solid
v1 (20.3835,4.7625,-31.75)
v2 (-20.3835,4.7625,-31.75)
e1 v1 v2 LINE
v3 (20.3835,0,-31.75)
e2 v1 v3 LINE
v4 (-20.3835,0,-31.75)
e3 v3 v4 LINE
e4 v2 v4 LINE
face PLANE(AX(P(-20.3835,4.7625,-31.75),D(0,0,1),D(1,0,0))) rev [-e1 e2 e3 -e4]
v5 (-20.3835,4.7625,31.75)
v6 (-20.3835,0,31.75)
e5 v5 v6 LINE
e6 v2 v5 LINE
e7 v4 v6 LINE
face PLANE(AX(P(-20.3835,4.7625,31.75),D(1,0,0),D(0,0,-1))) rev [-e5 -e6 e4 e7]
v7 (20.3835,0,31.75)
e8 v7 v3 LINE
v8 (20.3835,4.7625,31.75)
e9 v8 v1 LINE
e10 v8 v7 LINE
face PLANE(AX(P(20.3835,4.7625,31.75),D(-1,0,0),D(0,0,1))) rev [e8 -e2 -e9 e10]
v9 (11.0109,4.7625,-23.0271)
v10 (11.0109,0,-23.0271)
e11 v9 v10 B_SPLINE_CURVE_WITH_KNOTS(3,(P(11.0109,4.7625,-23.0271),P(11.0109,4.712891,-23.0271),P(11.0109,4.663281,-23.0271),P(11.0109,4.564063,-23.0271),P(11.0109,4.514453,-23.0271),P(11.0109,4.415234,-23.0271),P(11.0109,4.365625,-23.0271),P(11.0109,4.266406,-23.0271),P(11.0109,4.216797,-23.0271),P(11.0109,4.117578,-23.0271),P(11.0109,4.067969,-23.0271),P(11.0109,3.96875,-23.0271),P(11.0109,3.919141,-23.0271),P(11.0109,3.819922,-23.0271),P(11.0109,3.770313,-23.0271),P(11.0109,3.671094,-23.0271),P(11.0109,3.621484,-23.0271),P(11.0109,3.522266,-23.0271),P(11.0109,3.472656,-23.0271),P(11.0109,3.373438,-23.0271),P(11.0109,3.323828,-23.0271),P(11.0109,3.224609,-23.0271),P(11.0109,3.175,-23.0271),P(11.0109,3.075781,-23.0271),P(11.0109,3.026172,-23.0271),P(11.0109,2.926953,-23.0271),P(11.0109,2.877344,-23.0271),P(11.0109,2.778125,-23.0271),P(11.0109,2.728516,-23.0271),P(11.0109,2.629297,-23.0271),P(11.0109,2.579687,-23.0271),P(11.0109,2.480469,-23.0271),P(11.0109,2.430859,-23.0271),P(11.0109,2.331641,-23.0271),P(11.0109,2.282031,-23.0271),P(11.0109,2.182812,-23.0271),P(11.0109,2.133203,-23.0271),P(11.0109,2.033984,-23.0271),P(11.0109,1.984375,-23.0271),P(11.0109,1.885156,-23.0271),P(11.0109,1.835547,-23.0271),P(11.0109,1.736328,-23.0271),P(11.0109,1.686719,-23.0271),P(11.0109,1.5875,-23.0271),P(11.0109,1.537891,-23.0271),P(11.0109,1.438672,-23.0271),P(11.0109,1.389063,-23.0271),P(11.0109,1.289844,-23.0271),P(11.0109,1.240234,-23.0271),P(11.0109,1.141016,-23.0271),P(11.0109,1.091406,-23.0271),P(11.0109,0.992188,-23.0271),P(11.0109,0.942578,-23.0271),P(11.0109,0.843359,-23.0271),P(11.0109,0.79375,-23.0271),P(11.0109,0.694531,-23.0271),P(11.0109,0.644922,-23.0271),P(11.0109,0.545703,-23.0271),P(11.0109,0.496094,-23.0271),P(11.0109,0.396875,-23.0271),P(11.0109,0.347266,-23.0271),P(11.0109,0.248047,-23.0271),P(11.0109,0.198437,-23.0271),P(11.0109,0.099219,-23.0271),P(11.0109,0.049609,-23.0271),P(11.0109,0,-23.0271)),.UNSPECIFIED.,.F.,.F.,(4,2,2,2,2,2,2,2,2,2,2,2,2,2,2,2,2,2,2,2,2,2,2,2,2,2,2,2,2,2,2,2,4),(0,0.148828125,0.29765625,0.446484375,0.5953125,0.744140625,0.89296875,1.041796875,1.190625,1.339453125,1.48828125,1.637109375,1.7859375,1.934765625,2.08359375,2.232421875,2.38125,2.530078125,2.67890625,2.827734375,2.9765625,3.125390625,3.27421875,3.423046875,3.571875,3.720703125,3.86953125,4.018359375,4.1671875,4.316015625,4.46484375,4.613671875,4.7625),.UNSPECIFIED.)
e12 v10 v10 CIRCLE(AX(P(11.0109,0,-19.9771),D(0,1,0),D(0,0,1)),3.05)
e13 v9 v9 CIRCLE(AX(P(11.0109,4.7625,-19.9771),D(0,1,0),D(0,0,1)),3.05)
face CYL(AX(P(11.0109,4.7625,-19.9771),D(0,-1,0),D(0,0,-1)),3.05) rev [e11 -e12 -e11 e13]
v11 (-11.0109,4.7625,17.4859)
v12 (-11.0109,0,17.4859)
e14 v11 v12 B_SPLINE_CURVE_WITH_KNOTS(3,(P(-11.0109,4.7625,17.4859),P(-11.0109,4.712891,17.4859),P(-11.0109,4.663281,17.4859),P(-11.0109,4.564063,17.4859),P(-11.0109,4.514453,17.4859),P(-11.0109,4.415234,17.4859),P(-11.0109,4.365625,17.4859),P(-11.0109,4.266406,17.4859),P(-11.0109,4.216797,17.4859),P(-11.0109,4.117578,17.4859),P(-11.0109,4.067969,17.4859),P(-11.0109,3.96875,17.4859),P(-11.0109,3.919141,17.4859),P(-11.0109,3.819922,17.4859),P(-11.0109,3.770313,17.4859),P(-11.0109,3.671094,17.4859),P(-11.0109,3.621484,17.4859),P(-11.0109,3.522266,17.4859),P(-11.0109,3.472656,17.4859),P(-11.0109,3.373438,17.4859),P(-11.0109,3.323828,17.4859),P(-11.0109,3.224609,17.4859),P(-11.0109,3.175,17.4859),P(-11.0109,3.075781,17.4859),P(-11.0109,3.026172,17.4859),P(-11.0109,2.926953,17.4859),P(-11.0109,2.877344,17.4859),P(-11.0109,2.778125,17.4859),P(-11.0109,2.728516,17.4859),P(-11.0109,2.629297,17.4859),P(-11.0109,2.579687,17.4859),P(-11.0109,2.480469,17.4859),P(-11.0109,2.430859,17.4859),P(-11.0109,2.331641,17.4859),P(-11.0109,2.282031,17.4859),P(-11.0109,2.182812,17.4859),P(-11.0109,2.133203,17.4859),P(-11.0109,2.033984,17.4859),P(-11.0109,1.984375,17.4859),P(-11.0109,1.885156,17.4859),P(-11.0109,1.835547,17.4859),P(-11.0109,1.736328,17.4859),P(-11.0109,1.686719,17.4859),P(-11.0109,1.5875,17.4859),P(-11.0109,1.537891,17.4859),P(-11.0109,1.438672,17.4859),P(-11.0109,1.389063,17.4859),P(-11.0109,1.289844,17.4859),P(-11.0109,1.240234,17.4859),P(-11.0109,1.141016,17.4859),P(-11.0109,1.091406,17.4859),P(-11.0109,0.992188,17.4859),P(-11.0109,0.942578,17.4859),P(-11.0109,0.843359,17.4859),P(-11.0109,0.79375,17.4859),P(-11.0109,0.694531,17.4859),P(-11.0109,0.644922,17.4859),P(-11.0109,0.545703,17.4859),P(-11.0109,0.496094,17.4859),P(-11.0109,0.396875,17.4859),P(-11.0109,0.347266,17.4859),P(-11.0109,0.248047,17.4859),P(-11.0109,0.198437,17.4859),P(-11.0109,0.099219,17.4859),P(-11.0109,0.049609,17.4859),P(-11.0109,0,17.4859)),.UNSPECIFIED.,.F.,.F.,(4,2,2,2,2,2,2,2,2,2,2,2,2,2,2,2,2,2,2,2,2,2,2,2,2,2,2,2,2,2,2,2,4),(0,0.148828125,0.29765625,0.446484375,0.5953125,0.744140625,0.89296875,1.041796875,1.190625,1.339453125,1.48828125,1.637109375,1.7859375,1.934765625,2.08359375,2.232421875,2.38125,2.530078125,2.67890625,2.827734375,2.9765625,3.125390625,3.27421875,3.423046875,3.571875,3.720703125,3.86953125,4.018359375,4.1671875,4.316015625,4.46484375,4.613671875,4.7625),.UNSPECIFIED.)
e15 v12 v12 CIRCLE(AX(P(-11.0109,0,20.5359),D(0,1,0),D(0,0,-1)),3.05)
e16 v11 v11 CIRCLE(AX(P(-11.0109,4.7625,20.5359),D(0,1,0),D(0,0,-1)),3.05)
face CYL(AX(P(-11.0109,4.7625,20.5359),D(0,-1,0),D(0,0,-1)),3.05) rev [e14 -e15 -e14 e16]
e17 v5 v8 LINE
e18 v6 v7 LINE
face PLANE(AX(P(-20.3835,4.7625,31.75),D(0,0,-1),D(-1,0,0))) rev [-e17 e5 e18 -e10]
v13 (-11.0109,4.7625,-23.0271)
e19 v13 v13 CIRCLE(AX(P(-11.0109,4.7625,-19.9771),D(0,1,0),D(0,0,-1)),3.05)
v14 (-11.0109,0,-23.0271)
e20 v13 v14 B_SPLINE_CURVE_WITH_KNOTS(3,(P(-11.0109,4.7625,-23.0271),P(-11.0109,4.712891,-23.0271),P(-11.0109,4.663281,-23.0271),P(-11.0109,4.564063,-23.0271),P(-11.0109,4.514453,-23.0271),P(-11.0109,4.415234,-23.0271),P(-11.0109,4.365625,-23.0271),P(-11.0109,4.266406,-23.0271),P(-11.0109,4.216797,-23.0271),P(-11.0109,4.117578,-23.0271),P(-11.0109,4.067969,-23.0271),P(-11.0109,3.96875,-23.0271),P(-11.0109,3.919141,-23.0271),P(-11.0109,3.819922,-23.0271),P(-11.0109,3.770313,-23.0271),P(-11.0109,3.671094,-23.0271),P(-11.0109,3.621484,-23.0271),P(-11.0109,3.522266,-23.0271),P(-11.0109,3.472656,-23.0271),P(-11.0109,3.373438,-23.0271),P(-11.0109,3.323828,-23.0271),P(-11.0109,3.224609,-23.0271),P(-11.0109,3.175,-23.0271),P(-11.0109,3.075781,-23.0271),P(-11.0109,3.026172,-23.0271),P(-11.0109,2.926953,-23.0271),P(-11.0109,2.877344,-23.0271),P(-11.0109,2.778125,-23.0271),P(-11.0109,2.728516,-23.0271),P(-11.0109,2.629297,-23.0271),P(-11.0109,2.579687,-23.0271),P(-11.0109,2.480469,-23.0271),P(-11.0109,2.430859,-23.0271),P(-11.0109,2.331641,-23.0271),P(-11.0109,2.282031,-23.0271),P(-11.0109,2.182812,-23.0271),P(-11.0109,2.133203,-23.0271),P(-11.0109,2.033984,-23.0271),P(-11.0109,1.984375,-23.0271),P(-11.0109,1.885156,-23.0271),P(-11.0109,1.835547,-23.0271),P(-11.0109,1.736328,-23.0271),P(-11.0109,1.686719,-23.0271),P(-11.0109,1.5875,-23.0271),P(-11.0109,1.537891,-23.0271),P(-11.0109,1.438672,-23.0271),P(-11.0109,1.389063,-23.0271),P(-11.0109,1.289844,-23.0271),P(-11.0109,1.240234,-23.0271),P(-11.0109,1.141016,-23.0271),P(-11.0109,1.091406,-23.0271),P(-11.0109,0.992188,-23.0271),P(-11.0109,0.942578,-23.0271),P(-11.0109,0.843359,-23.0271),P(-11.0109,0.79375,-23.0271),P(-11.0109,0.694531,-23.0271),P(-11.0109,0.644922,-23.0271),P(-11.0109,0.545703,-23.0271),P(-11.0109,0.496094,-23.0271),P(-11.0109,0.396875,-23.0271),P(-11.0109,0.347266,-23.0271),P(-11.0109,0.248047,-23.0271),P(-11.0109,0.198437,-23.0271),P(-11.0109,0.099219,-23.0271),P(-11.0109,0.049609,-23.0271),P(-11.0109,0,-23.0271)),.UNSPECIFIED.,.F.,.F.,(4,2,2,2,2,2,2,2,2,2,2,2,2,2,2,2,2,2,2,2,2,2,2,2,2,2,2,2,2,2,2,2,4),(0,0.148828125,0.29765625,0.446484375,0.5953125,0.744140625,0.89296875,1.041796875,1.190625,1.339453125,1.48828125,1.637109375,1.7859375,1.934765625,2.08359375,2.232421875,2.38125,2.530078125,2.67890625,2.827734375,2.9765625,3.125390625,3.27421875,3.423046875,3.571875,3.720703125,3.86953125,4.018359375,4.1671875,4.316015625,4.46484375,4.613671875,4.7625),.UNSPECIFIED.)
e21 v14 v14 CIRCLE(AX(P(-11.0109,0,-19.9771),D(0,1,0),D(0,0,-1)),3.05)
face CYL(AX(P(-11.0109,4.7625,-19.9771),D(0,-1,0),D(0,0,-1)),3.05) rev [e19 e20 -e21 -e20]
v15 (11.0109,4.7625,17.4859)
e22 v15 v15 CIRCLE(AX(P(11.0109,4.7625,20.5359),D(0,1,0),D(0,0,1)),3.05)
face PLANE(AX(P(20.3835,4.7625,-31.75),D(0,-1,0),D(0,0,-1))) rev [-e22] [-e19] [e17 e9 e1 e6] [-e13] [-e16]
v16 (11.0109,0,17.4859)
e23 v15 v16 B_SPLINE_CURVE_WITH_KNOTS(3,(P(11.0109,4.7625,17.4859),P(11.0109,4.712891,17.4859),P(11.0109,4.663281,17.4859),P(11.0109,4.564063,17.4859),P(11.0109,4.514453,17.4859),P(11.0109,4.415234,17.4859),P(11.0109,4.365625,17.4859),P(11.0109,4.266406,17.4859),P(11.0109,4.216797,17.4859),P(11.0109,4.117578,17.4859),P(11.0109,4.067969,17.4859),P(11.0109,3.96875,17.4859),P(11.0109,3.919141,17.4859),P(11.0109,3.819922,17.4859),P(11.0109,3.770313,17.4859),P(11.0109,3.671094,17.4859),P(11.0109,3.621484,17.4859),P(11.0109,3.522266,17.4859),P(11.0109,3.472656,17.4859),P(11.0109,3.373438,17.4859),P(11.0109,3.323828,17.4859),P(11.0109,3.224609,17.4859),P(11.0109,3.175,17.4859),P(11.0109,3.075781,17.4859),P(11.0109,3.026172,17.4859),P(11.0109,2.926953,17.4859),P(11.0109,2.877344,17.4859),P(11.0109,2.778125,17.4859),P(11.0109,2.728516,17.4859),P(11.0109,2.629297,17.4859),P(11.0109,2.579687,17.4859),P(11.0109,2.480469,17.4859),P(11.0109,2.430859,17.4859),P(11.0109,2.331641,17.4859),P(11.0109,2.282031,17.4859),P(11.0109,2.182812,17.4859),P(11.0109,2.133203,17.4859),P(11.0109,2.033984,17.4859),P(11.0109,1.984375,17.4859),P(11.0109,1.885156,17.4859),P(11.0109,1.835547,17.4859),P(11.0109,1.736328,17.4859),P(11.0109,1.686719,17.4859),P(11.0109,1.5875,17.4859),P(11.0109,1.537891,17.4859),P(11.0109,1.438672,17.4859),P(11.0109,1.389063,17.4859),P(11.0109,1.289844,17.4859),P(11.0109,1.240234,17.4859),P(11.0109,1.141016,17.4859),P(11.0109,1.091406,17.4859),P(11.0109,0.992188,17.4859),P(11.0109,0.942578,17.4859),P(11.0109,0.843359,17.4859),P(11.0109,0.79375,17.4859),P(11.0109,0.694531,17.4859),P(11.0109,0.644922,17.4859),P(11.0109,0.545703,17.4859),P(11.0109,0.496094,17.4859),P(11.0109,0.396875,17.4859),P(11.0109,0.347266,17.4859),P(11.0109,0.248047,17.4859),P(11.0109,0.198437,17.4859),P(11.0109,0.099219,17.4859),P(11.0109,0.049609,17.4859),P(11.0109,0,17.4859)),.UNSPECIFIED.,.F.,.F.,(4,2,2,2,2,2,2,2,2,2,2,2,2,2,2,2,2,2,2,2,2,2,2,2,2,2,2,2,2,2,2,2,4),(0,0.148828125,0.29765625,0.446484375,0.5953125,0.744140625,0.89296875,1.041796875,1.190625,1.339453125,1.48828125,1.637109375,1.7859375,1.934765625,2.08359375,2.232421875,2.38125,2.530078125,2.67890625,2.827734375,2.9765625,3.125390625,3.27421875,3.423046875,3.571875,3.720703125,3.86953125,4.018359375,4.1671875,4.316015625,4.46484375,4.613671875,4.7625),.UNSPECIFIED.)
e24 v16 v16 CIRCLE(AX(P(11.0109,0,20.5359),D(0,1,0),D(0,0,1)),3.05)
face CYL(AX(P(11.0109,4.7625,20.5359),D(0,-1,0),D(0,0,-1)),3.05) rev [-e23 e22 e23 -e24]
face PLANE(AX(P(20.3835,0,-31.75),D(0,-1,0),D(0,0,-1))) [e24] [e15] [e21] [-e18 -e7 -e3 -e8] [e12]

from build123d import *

# Parameters (mm, degrees)
SKETCH1_W           = 40.767
SKETCH1_H           = 63.5
SKETCH1_R           = 3.05
BOSS_EXTRUDE1_DEPTH = 4.7625


with BuildPart() as part:
    # Sketch1 → Boss-Extrude1 (new body)
    with BuildSketch(Plane(origin=(0, 0, 0), x_dir=(1, 0, 0), z_dir=(0, 1, 0))):
        Rectangle(SKETCH1_W, SKETCH1_H)
        with Locations(Location((11.0109, 19.9771, 0), (0, 0, 90))):
            Circle(SKETCH1_R, mode=Mode.SUBTRACT)
        with Locations(Location((11.0109, -20.5359, 0), (0, 0, 90))):
            Circle(SKETCH1_R, mode=Mode.SUBTRACT)
        with Locations(Location((-11.0109, -20.5359, 0), (0, 0, 90))):
            Circle(SKETCH1_R, mode=Mode.SUBTRACT)
        with Locations(Location((-11.0109, 19.9771, 0), (0, 0, 90))):
            Circle(SKETCH1_R, mode=Mode.SUBTRACT)
    extrude(amount=BOSS_EXTRUDE1_DEPTH)


solid = part.part
